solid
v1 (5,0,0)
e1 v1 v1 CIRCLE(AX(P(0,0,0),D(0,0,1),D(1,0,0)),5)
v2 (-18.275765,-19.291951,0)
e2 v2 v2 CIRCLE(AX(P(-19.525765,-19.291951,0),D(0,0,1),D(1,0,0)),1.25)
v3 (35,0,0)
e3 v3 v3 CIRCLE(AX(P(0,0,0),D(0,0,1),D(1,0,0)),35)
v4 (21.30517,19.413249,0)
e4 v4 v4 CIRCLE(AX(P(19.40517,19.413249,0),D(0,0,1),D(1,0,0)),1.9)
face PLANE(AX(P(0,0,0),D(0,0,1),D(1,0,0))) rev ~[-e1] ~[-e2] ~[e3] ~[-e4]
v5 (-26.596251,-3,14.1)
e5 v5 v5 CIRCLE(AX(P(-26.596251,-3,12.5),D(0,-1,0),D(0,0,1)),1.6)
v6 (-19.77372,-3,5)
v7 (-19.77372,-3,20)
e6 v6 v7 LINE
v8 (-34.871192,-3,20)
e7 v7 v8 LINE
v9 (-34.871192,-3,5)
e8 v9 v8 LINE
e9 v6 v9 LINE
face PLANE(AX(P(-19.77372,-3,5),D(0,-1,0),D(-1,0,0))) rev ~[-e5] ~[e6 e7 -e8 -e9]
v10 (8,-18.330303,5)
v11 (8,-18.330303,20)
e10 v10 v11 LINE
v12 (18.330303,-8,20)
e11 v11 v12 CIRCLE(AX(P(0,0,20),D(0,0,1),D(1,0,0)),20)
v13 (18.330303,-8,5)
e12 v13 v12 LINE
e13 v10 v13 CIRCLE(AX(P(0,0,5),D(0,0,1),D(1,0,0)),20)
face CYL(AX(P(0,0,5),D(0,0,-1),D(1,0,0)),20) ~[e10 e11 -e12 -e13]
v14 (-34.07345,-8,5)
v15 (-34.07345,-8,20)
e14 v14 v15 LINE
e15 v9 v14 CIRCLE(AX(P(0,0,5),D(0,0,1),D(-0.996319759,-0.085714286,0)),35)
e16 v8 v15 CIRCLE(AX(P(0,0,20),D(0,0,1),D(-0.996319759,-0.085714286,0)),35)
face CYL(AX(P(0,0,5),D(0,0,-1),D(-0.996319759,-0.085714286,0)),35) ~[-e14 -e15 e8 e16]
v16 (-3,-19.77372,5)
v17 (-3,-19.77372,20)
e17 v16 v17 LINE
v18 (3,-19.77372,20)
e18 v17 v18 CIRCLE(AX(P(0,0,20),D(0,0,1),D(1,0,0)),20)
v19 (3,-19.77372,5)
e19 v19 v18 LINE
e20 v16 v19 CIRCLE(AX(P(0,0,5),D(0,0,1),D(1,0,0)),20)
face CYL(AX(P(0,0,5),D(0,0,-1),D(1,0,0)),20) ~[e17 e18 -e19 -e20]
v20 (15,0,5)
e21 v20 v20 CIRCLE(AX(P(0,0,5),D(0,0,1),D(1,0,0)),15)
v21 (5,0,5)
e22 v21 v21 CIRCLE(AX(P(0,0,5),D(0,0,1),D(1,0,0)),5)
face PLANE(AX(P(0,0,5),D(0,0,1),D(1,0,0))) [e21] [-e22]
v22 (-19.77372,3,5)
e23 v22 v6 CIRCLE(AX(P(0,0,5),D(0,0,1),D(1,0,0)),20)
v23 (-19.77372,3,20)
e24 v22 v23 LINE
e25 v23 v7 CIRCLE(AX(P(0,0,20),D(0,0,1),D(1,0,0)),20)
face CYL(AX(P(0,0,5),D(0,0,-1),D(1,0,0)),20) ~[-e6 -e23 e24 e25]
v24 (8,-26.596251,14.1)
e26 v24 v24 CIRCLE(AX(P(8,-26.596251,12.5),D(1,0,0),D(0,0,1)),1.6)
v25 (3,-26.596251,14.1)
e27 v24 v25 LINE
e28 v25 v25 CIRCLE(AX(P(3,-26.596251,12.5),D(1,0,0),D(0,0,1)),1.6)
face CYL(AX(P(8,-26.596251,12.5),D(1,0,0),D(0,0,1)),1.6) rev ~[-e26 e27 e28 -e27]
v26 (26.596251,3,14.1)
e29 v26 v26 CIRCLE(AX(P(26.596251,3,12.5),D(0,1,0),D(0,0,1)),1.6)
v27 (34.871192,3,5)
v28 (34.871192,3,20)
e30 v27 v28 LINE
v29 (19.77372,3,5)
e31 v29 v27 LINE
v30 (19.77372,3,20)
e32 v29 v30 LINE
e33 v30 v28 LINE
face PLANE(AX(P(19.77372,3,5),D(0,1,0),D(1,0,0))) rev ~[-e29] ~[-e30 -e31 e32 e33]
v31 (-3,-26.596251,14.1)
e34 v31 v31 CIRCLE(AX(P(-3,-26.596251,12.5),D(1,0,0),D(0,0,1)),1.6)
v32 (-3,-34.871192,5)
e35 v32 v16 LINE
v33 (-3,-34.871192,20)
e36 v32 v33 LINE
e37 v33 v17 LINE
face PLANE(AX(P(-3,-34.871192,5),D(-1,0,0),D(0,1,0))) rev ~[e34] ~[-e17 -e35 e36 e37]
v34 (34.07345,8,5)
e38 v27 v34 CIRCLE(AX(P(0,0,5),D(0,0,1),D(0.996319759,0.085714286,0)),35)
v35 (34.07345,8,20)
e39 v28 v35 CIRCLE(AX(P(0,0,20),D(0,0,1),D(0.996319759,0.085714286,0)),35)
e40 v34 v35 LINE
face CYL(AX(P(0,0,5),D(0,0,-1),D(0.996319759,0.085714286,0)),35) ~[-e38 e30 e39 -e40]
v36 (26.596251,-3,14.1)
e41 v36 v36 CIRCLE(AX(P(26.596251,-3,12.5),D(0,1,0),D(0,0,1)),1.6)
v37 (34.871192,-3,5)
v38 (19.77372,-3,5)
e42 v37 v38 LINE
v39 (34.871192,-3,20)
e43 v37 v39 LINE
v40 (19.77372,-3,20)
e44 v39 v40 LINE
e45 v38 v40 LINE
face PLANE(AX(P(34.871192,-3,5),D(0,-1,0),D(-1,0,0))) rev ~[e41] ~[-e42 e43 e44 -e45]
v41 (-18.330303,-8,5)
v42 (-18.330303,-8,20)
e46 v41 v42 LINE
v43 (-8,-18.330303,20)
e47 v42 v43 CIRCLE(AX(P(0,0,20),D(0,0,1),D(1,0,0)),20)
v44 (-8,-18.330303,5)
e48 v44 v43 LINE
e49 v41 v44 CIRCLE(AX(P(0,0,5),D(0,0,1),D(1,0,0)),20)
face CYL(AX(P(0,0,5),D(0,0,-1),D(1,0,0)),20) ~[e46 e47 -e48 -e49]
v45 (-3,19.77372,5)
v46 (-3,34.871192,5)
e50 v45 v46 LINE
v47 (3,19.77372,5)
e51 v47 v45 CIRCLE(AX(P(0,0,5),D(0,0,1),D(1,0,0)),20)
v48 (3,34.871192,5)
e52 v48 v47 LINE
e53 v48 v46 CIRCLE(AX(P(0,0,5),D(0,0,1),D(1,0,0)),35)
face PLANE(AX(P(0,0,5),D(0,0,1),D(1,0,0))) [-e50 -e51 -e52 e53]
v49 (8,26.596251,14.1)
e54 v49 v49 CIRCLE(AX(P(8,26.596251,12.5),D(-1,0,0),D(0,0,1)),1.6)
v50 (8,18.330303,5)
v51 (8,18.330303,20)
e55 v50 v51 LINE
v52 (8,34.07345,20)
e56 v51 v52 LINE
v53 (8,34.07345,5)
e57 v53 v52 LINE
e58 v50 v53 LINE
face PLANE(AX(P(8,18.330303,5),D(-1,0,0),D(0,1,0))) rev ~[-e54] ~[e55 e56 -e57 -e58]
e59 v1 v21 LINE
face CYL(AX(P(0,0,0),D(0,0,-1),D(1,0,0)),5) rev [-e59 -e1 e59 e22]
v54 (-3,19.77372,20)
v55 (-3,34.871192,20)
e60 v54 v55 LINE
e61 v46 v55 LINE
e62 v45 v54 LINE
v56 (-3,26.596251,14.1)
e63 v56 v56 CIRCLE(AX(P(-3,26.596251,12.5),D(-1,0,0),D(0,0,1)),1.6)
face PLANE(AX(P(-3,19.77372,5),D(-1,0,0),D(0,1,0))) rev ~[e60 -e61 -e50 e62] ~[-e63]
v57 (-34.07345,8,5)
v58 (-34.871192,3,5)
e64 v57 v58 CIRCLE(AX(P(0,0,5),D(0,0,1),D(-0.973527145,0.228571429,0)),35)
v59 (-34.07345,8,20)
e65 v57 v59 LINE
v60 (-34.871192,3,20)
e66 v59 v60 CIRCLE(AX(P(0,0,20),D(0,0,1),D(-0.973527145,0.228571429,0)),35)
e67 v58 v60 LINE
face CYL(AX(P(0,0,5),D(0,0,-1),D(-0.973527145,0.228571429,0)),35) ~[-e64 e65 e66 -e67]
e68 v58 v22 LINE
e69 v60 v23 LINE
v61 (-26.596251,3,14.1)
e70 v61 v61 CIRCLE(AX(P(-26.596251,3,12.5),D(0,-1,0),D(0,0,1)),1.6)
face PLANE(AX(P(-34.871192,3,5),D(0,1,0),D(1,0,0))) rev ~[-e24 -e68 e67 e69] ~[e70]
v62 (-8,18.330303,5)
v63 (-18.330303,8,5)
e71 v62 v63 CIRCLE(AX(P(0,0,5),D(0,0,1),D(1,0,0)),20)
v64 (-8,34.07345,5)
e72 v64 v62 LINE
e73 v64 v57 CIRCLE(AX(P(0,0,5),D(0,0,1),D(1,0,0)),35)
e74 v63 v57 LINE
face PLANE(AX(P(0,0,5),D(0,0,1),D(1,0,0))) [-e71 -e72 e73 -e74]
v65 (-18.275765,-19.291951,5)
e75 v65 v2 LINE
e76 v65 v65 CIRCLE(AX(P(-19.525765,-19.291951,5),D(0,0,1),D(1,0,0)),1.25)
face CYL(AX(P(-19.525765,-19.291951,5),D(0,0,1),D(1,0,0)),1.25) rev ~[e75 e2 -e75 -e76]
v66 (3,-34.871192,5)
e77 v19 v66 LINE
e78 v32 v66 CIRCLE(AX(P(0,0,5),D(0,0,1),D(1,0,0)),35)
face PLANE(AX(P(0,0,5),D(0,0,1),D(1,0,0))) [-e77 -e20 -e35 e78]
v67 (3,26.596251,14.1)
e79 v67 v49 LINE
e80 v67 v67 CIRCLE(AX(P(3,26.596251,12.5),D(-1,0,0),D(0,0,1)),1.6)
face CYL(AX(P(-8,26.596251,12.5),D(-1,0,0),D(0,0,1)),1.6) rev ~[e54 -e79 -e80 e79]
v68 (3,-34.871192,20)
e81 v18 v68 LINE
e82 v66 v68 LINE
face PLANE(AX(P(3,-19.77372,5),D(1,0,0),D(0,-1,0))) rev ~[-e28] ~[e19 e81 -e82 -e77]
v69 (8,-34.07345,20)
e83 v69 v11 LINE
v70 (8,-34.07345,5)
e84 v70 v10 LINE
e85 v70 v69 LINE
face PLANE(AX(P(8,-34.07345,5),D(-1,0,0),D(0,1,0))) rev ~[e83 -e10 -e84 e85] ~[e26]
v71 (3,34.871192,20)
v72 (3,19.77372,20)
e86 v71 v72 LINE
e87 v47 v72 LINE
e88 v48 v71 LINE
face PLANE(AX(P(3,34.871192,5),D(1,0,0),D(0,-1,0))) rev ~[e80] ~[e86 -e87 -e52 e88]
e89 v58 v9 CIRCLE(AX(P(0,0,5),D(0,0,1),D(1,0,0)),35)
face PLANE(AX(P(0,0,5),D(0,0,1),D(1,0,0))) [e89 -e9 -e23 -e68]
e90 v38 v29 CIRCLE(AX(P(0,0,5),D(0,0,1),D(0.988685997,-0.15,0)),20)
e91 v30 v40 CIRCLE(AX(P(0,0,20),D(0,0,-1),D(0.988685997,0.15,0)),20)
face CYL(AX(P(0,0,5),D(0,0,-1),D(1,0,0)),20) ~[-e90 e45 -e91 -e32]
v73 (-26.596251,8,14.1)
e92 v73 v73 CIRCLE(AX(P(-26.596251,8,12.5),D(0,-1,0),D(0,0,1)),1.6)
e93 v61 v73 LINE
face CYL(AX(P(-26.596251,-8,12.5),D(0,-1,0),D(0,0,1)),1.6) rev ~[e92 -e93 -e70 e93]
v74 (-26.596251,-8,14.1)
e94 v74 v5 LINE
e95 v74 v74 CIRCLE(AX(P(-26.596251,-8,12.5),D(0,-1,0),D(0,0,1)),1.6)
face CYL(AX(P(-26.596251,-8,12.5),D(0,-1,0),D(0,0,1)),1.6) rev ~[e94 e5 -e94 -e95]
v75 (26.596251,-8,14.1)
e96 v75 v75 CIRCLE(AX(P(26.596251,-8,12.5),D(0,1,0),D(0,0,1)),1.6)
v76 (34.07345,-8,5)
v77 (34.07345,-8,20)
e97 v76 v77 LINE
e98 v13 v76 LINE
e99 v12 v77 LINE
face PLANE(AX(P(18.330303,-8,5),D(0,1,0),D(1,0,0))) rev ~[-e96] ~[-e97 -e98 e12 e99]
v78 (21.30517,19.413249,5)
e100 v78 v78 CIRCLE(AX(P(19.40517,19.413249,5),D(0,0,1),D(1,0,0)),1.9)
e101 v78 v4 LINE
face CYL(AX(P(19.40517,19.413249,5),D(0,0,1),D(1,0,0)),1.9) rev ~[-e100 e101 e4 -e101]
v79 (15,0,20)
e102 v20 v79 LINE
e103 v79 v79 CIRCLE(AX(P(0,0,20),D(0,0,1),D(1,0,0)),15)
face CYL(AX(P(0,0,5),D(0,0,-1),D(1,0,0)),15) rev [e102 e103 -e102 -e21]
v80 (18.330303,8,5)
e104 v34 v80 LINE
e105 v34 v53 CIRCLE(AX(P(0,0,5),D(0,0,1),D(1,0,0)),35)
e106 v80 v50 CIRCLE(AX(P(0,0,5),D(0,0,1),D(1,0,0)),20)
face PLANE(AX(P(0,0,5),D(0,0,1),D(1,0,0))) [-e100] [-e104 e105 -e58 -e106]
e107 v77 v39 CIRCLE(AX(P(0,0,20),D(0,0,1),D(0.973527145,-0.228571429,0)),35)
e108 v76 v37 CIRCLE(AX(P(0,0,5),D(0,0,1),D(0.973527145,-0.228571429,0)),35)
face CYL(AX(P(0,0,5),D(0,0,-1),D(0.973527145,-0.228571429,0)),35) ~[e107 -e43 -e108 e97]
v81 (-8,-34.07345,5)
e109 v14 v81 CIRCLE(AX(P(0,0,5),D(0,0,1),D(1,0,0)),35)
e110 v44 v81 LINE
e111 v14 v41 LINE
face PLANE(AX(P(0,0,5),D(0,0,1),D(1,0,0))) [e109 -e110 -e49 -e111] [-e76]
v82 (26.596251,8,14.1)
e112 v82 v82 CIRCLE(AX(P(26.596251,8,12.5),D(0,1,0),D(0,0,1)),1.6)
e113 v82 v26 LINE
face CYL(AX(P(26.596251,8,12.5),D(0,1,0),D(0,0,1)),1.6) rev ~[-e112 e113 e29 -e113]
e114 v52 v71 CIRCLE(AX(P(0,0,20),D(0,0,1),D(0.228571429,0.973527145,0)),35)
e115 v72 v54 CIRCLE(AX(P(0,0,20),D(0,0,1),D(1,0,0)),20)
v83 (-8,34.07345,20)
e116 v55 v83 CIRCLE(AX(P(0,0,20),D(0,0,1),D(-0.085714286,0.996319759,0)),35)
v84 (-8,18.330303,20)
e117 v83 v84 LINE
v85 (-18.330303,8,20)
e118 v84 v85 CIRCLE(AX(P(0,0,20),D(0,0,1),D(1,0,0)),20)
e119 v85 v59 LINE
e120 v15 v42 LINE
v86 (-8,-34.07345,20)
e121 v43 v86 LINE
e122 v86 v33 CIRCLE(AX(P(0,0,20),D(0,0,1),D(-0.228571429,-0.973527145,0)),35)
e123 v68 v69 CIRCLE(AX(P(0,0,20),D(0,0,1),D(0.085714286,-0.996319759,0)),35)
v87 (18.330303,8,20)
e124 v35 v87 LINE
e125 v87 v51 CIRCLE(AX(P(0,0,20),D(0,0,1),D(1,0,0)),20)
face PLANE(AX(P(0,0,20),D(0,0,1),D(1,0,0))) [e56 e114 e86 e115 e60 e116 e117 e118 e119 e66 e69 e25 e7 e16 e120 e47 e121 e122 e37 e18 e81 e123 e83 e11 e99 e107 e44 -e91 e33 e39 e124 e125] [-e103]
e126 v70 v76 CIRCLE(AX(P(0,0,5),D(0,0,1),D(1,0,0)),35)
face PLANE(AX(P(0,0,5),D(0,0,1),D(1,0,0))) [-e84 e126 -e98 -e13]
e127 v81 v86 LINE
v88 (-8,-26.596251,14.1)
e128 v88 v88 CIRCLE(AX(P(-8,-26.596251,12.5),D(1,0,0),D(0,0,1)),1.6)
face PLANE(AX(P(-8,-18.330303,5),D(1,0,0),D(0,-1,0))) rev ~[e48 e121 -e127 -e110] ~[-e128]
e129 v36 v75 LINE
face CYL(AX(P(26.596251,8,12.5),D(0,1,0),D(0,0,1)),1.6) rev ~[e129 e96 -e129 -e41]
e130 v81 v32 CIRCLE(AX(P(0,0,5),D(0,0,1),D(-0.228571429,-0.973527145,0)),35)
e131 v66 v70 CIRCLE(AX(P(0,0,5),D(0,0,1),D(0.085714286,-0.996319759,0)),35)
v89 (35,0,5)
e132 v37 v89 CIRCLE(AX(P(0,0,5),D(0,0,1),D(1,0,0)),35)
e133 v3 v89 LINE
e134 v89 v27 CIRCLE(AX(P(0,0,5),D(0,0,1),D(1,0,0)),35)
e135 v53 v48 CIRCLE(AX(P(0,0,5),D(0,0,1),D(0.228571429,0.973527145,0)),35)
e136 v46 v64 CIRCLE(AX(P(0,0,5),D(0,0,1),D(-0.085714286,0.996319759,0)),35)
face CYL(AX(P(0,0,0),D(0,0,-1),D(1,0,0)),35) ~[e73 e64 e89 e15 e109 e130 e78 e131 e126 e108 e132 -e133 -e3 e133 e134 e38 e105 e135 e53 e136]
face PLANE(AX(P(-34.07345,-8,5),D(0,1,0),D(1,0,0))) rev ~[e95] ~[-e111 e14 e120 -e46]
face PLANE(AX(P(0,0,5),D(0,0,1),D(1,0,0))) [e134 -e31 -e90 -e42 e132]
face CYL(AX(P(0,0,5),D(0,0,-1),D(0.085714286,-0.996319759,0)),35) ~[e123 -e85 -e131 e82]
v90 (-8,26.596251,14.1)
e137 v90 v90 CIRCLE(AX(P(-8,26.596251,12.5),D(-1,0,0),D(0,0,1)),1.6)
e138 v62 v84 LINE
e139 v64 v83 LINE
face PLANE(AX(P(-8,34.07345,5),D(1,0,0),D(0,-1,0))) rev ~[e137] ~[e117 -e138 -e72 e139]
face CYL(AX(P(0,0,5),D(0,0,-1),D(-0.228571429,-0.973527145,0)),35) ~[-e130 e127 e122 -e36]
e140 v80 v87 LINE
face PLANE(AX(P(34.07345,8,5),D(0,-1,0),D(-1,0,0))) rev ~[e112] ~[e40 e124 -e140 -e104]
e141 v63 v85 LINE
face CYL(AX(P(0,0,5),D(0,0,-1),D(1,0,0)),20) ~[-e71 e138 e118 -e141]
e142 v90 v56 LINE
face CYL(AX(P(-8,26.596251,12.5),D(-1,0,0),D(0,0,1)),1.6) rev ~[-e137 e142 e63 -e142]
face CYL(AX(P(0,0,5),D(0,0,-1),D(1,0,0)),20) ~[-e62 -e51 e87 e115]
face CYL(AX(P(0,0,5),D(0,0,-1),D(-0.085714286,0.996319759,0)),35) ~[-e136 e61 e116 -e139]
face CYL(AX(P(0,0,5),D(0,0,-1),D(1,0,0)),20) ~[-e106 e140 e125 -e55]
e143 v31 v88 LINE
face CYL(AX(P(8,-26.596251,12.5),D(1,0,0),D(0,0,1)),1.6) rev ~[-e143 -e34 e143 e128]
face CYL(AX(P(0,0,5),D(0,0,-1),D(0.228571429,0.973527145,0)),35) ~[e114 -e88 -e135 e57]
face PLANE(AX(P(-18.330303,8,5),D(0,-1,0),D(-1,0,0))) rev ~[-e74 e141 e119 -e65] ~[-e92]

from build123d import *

# Parameters (mm, degrees)
SKETCH2_R           = 35
SKETCH2_R_2         = 5
BOSS_EXTRUDE1_DEPTH = 5
SKETCH3_R           = 20
SKETCH3_R_2         = 15
BOSS_EXTRUDE3_DEPTH = 15
SKETCH4_R           = 1.6
CUT_EXTRUDE1_DEPTH  = 59.940648113
CIRPATTERN1_COUNT   = 4
SKETCH5_R           = 1.9
SKETCH5_R_2         = 1.25
CUT_EXTRUDE2_DEPTH  = 52.720402164


with BuildPart() as part:
    # Sketch2 → Boss-Extrude1 (new body)
    with BuildSketch(Plane.XY):
        Circle(SKETCH2_R)
        Circle(SKETCH2_R_2, mode=Mode.SUBTRACT)
    extrude(amount=BOSS_EXTRUDE1_DEPTH)

    # Sketch3 → Boss-Extrude3 (add)
    # profile 1 of 9: a face of its own
    with BuildSketch(Plane.XY.offset(5)):
        with BuildLine():
            ThreePointArc((-3, -19.773719933), (-5.547149112, -19.215335978), (-8, -18.33030278))
            Line((-8, -18.33030278), (-8, -34.073450075))
            ThreePointArc((-8, -34.073450075), (-5.514444475, -34.562854369), (-3, -34.871191548))
            Line((-3, -34.871191548), (-3, -19.773719933))
        make_face()
    # profile 2 of 9: a face of its own
    with BuildSketch(Plane.XY.offset(5)):
        with BuildLine():
            Line((8, -34.073450075), (8, -18.33030278))
            ThreePointArc((8, -18.33030278), (5.547149112, -19.215335978), (3, -19.773719933))
            Line((3, -19.773719933), (3, -34.871191548))
            ThreePointArc((3, -34.871191548), (5.514444475, -34.562854369), (8, -34.073450075))
        make_face()
    # profile 3 of 9: a face of its own
    with BuildSketch(Plane.XY.offset(5)):
        with BuildLine():
            Line((34.871191548, -3), (19.773719933, -3))
            ThreePointArc((19.773719933, -3), (19.215335978, -5.547149112), (18.33030278, -8))
            Line((18.33030278, -8), (34.073450075, -8))
            ThreePointArc((34.073450075, -8), (34.562854369, -5.514444475), (34.871191548, -3))
        make_face()
    # profile 4 of 9: a face of its own
    with BuildSketch(Plane.XY.offset(5)):
        with BuildLine():
            Line((34.073450075, 8), (18.33030278, 8))
            ThreePointArc((18.33030278, 8), (19.215335978, 5.547149112), (19.773719933, 3))
            Line((19.773719933, 3), (34.871191548, 3))
            ThreePointArc((34.871191548, 3), (34.562854369, 5.514444475), (34.073450075, 8))
        make_face()
    # profile 5 of 9: a face of its own
    with BuildSketch(Plane.XY.offset(5)):
        with BuildLine():
            Line((3, 34.871191548), (3, 19.773719933))
            ThreePointArc((3, 19.773719933), (5.547149112, 19.215335978), (8, 18.33030278))
            Line((8, 18.33030278), (8, 34.073450075))
            ThreePointArc((8, 34.073450075), (5.514444475, 34.562854369), (3, 34.871191548))
        make_face()
    # profile 6 of 9: a face of its own
    with BuildSketch(Plane.XY.offset(5)):
        with BuildLine():
            ThreePointArc((-8, 18.33030278), (-5.547149112, 19.215335978), (-3, 19.773719933))
            Line((-3, 19.773719933), (-3, 34.871191548))
            ThreePointArc((-3, 34.871191548), (-5.514444475, 34.562854369), (-8, 34.073450075))
            Line((-8, 34.073450075), (-8, 18.33030278))
        make_face()
    # profile 7 of 9: a face of its own
    with BuildSketch(Plane.XY.offset(5)):
        with BuildLine():
            ThreePointArc((-19.773719933, 3), (-19.215335978, 5.547149112), (-18.33030278, 8))
            Line((-18.33030278, 8), (-34.073450075, 8))
            ThreePointArc((-34.073450075, 8), (-34.562854369, 5.514444475), (-34.871191548, 3))
            Line((-34.871191548, 3), (-19.773719933, 3))
        make_face()
    # profile 8 of 9: a face of its own
    with BuildSketch(Plane.XY.offset(5)):
        with BuildLine():
            ThreePointArc((-18.33030278, -8), (-19.215335978, -5.547149112), (-19.773719933, -3))
            Line((-19.773719933, -3), (-34.871191548, -3))
            ThreePointArc((-34.871191548, -3), (-34.562854369, -5.514444475), (-34.073450075, -8))
            Line((-34.073450075, -8), (-18.33030278, -8))
        make_face()
    # profile 9 of 9: a face of its own
    with BuildSketch(Plane.XY.offset(5)):
        Circle(SKETCH3_R)
        Circle(SKETCH3_R_2, mode=Mode.SUBTRACT)
    extrude(amount=BOSS_EXTRUDE3_DEPTH)

    # Sketch4 → Cut-Extrude1 (cut, through all)
    with BuildSketch(Plane.ZY.offset(8)):
        with Locations((12.5, 26.596250524)):
            Circle(SKETCH4_R)
    cut_extrude1 = extrude(amount=-CUT_EXTRUDE1_DEPTH, mode=Mode.SUBTRACT)

    # CirPattern1: Cut-Extrude1 ×4 about axis
    cirpattern1_axis = Axis((0, 0, 20), (0, 0, -1))
    for i in range(1, CIRPATTERN1_COUNT):
        add(cut_extrude1.rotate(cirpattern1_axis, i * 360 / CIRPATTERN1_COUNT), mode=Mode.SUBTRACT)

    # Sketch5 → Cut-Extrude2 (cut, through all)
    with BuildSketch(Plane.XY.offset(5)):
        with Locations((19.405170255, 19.413249431)):
            Circle(SKETCH5_R)
        with Locations((-19.525765468, -19.291950885)):
            Circle(SKETCH5_R_2)
    extrude(amount=-CUT_EXTRUDE2_DEPTH, mode=Mode.SUBTRACT)


solid = part.part
